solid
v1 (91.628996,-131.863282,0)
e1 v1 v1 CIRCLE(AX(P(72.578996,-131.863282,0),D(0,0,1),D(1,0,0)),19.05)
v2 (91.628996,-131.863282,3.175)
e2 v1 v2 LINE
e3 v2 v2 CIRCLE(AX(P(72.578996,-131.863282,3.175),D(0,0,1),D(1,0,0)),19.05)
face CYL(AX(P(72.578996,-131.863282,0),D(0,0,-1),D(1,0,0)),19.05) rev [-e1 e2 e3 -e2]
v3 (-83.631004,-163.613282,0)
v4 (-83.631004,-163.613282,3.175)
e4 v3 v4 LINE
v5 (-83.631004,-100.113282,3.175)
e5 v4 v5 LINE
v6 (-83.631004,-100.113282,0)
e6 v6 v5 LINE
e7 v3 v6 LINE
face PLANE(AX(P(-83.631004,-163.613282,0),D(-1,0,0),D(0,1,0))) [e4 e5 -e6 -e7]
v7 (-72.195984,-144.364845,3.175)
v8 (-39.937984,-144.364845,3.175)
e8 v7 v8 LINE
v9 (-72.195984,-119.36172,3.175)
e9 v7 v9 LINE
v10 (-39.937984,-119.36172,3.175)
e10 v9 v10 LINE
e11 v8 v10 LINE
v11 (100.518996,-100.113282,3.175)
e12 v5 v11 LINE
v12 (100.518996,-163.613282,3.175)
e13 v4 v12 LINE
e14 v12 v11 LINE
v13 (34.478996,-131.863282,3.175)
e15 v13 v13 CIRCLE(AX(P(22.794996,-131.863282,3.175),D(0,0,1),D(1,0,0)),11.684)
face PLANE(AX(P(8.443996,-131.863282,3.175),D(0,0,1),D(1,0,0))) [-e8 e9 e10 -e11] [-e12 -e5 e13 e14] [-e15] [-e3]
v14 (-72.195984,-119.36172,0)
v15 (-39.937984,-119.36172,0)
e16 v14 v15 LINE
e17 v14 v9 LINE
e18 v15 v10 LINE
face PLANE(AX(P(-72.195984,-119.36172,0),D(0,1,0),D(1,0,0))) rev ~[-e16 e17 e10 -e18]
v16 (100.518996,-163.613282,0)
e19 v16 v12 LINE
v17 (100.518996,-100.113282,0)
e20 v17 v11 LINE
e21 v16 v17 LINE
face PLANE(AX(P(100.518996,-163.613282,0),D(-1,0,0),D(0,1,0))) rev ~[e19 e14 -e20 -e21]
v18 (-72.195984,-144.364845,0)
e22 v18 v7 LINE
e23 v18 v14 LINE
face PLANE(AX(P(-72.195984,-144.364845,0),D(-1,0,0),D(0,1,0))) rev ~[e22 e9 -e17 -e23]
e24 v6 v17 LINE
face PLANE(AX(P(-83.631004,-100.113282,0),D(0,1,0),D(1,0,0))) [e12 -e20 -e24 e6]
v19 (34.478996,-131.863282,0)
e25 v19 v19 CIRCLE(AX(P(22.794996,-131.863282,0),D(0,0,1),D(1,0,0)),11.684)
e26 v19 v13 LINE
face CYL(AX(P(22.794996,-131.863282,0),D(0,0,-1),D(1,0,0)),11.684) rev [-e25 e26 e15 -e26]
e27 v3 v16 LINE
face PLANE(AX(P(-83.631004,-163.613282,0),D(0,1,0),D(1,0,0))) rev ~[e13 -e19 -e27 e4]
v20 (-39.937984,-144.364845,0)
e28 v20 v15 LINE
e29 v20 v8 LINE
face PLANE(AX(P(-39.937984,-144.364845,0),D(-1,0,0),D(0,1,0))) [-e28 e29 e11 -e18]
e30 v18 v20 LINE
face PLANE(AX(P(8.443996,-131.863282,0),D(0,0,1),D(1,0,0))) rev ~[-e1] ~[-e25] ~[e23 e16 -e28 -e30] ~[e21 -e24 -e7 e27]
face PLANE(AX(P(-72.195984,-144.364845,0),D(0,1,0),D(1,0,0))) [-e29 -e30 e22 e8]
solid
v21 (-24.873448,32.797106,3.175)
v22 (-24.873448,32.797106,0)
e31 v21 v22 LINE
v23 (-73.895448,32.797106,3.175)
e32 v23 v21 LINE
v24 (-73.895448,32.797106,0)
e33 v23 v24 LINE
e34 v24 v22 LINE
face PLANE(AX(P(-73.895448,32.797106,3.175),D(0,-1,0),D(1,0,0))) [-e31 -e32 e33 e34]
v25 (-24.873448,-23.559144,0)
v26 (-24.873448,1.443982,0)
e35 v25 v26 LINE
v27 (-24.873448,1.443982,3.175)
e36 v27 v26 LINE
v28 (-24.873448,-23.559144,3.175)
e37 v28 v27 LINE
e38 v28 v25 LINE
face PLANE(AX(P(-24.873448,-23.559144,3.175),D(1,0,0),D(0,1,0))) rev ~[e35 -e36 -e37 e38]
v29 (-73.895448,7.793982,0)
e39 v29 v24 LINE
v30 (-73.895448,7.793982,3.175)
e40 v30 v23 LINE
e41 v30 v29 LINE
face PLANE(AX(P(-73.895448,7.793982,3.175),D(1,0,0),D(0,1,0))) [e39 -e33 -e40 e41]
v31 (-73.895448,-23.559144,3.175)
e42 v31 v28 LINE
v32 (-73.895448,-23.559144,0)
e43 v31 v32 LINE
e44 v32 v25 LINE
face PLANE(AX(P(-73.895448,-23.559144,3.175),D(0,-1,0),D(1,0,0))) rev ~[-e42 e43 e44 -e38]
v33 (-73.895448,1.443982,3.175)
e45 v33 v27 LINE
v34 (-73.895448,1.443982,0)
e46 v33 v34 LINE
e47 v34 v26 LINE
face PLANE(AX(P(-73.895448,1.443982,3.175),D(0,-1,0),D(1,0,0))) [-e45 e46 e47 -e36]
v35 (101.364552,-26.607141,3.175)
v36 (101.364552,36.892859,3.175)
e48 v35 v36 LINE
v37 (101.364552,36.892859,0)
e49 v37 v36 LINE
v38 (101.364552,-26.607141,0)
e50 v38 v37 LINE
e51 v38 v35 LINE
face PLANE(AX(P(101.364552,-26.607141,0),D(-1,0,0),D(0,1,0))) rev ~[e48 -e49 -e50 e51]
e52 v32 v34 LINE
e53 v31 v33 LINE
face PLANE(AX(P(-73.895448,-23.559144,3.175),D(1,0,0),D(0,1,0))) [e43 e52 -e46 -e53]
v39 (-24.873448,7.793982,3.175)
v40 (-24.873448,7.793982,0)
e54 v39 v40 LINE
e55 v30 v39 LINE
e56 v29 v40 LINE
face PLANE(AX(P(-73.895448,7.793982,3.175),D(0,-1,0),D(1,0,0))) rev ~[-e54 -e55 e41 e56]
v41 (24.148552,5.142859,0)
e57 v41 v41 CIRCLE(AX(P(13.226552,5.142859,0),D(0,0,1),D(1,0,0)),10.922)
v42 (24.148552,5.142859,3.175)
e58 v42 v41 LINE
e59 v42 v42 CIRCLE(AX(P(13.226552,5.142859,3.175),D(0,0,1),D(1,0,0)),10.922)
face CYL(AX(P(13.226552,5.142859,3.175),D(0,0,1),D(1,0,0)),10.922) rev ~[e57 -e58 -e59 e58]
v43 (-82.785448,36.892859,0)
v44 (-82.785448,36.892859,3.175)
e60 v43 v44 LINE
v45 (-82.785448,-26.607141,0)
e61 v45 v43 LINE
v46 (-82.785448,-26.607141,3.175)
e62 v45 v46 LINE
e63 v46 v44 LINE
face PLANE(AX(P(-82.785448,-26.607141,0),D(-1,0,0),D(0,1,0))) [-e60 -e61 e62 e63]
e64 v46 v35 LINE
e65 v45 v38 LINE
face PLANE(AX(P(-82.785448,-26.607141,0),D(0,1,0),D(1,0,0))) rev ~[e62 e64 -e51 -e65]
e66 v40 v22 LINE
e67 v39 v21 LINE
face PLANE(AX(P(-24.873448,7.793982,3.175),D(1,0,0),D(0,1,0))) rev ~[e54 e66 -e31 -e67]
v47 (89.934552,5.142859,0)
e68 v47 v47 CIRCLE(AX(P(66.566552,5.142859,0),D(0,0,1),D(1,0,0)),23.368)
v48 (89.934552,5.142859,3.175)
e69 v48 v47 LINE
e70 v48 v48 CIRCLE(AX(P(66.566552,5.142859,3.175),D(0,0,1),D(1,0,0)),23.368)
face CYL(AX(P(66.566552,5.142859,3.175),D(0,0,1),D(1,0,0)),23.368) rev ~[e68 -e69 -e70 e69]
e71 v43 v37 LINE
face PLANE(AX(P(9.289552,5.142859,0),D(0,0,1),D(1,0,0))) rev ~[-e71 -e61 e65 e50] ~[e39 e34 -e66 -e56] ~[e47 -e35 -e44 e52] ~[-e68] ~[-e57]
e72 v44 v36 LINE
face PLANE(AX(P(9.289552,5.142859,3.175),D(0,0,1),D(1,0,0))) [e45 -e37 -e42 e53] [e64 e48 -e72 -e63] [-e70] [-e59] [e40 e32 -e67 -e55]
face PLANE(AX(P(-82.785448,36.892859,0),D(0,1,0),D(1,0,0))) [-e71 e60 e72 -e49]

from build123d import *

# Parameters (mm, degrees)
F0_W     = 184.15
F0_H     = 63.5
F1_DEPTH = 3.175
F2_W     = 49.022
F2_H     = 25.003125
F2_R     = 23.368
F2_R_2   = 10.922
F3_DEPTH = 25.4
F4_W     = 184.15
F4_H     = 63.5
F5_DEPTH = 3.175
F6_R     = 19.05
F6_R_2   = 11.684
F6_W     = 32.258
F6_H     = 25.003125
F7_DEPTH = 3.175


with BuildPart() as f1:
    # F0 (on Top) → F1 (new body)
    with BuildSketch(Plane.XY):
        with Locations((9.289552, 5.142859)):
            Rectangle(F0_W, F0_H)
    extrude(amount=F1_DEPTH)

    # F2 (on face) → F3 (cut)
    with BuildSketch(Plane.XY.offset(3.175)):
        with Locations((-49.384448, 20.295544)):
            Rectangle(F2_W, F2_H)
        with Locations((-49.384448, -11.057581)):
            Rectangle(F2_W, F2_H)
        with Locations((66.566552, 5.142859)):
            Circle(F2_R)
        with Locations((13.226552, 5.142859)):
            Circle(F2_R_2)
    extrude(amount=-F3_DEPTH, mode=Mode.SUBTRACT)


with BuildPart() as f5:
    # F4 (on Top) → F5 (new body)
    with BuildSketch(Plane.XY):
        with Locations((8.443996, -131.863282)):
            Rectangle(F4_W, F4_H)
    extrude(amount=F5_DEPTH)

    # F6 (on face) → F7 (cut, through all)
    with BuildSketch(Plane.XY):
        with Locations((72.578996, -131.863282)):
            Circle(F6_R)
        with Locations((22.794996, -131.863282)):
            Circle(F6_R_2)
        with Locations((-56.066984, -131.863282)):
            Rectangle(F6_W, F6_H)
    extrude(amount=F7_DEPTH, mode=Mode.SUBTRACT)


solid = Compound([f1.part, f5.part])
